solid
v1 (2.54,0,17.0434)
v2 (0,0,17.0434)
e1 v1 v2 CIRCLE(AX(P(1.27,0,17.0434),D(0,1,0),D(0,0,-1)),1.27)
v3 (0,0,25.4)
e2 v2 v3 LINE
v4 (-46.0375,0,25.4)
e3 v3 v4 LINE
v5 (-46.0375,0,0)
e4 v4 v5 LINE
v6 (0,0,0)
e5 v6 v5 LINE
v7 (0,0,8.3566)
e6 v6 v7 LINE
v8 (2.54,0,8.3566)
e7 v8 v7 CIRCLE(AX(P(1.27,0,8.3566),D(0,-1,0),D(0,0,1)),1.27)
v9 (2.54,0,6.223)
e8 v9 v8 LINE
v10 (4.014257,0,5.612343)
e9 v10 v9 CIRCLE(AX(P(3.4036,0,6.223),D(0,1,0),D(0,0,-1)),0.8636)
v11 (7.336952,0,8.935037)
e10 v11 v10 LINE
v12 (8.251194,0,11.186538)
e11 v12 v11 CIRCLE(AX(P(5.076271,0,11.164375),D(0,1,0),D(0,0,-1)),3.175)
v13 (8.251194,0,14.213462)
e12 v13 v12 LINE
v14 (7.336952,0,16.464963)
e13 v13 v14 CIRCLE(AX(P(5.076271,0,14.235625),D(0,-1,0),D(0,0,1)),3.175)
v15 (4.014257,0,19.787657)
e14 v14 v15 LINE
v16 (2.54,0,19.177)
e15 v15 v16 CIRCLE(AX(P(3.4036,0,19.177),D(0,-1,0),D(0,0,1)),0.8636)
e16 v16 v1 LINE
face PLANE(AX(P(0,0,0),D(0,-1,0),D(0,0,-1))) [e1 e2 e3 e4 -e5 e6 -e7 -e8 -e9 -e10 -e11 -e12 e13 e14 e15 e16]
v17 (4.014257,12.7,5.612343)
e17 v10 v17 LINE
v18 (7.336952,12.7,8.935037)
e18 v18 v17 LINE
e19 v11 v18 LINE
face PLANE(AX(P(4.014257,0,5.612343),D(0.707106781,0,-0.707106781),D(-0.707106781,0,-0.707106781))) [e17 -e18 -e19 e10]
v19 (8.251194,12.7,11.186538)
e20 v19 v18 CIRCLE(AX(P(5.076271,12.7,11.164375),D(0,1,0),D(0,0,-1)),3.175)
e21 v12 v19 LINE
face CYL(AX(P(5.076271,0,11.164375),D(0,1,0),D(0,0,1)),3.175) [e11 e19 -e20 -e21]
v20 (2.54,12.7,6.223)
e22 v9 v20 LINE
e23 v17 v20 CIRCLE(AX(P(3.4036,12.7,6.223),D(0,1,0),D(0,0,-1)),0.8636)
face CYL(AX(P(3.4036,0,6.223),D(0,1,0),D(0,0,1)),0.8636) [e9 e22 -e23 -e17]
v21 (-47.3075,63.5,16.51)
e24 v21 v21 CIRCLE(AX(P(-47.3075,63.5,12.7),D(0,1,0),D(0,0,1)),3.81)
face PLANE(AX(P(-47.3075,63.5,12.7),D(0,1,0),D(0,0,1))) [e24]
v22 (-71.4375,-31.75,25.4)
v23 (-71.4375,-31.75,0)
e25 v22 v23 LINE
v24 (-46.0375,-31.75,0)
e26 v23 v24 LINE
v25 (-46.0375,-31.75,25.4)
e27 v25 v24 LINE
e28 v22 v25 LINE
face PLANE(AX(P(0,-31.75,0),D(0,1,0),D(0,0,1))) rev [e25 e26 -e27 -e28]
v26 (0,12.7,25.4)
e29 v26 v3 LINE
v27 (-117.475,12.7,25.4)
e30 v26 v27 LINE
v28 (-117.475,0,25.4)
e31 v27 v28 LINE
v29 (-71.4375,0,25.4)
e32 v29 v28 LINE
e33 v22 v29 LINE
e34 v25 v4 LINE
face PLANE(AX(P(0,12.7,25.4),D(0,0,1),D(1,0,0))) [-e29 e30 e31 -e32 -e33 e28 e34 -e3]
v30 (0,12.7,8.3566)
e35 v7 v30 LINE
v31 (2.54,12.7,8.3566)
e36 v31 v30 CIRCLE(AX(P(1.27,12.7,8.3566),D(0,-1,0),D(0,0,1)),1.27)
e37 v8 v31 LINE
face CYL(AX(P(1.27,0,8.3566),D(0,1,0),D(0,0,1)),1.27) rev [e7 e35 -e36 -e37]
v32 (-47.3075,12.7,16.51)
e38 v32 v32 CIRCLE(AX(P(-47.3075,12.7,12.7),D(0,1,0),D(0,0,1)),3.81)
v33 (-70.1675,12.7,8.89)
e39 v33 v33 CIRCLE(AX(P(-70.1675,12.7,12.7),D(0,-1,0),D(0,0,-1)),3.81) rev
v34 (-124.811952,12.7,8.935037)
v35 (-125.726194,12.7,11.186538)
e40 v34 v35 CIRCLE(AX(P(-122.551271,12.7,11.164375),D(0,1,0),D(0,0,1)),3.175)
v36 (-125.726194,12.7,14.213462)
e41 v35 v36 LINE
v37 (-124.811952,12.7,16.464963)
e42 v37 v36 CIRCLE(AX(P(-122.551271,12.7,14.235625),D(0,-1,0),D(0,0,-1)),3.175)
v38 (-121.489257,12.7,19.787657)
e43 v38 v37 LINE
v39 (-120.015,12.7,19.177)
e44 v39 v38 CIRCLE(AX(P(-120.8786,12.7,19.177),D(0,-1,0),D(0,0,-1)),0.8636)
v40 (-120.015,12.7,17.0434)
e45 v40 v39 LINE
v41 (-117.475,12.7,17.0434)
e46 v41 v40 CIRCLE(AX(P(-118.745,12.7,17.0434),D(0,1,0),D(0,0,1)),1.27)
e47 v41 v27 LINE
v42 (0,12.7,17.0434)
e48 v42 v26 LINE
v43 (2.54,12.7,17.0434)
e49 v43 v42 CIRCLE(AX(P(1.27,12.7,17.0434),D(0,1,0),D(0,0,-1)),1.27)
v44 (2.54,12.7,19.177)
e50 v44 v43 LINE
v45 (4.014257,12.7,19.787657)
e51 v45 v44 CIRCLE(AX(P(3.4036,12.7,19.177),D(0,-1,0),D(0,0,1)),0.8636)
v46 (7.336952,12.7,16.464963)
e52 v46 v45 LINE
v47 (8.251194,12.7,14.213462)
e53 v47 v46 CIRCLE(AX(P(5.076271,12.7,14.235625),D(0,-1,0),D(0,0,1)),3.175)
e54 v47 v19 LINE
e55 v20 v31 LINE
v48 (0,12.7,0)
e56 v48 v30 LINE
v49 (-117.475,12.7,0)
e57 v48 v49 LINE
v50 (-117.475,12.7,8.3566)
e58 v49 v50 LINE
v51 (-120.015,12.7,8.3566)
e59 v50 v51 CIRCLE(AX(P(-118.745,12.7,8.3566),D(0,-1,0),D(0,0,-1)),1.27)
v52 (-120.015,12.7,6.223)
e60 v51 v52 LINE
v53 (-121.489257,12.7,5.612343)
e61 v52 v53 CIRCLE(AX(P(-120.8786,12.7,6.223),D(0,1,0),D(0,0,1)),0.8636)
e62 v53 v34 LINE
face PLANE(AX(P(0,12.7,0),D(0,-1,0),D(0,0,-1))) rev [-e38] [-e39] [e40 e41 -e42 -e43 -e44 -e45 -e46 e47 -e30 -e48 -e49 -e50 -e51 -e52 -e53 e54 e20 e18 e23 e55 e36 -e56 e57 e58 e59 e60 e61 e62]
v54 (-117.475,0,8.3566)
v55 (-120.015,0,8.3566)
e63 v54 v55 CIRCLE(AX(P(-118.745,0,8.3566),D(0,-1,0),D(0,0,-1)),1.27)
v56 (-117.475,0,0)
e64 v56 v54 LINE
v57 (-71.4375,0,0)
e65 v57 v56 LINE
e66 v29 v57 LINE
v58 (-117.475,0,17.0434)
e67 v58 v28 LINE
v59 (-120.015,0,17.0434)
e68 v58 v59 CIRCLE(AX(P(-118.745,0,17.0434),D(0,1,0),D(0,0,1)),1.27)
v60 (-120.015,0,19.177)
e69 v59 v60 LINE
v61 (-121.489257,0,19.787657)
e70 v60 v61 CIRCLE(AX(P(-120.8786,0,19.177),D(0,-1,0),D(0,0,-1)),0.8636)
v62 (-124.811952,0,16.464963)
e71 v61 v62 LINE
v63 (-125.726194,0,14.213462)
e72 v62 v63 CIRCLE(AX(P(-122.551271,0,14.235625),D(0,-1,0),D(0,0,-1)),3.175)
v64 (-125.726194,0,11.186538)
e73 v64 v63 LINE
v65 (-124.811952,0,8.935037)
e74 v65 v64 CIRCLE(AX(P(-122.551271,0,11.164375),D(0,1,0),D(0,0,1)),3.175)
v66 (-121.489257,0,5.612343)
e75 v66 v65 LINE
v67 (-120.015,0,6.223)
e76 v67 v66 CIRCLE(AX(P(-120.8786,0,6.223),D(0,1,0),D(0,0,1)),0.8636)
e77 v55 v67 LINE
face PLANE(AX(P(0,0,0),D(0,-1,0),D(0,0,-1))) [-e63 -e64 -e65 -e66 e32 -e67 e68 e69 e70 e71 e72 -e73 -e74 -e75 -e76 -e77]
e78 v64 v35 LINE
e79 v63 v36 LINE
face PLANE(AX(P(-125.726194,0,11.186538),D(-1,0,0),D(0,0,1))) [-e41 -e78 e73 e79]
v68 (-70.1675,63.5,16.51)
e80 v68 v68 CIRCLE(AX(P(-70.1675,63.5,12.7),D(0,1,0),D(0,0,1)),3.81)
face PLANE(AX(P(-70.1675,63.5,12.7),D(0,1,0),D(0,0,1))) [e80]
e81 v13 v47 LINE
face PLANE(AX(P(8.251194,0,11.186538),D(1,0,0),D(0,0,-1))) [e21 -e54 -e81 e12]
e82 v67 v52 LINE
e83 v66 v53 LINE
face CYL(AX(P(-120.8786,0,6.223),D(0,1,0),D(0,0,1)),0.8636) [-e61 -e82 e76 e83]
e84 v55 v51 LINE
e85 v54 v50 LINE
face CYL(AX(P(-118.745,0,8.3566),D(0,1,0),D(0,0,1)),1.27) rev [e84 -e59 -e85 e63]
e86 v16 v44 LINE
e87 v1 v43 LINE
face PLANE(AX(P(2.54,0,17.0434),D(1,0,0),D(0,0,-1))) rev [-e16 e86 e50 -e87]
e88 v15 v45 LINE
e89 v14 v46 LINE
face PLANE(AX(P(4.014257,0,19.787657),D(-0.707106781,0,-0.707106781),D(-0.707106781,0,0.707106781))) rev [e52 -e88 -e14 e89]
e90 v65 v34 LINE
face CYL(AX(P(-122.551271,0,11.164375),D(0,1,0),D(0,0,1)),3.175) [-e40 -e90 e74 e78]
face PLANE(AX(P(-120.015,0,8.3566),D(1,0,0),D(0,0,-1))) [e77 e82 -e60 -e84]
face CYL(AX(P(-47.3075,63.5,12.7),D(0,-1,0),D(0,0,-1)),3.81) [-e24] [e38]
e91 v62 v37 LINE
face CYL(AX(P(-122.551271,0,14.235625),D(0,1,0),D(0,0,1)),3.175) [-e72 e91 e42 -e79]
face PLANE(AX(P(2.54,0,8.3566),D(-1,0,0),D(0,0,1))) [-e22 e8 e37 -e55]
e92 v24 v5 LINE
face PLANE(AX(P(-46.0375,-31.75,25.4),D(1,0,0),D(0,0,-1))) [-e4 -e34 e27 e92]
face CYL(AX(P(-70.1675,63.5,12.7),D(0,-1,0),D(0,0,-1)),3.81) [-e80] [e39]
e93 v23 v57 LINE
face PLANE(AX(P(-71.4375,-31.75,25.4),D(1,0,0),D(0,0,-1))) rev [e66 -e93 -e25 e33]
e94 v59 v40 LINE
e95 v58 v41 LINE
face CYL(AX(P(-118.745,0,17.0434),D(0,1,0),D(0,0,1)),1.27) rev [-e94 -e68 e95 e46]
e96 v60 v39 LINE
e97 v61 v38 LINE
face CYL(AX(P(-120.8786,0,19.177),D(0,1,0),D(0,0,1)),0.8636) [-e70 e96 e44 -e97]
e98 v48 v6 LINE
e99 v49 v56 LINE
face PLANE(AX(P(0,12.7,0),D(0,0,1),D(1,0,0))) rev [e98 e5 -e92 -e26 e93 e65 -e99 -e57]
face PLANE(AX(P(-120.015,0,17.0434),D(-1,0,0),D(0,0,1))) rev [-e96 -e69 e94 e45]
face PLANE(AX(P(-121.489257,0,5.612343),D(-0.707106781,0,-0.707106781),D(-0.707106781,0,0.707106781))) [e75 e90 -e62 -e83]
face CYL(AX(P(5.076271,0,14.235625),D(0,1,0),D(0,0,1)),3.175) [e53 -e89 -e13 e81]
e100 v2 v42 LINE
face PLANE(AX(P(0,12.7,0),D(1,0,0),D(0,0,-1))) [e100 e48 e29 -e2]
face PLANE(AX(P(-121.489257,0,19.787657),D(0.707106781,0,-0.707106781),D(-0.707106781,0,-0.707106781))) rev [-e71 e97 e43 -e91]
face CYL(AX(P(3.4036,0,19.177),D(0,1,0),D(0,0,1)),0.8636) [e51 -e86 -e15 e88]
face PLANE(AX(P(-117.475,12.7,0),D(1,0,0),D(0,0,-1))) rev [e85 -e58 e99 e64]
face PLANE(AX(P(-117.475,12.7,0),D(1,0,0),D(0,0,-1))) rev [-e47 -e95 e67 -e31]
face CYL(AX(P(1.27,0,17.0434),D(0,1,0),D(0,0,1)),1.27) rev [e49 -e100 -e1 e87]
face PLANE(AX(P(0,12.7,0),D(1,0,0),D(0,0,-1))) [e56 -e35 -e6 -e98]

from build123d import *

# Parameters (mm, degrees)
SKETCH1_W           = 117.475
SKETCH1_H           = 25.4
BOSS_EXTRUDE1_DEPTH = 12.7
SKETCH3_R           = 3.81
BOSS_EXTRUDE2_DEPTH = 50.8
BOSS_EXTRUDE7_DEPTH = 12.7
SKETCH12_W          = 25.4
SKETCH12_H          = 25.4
BOSS_EXTRUDE8_DEPTH = 31.75


with BuildPart() as part:
    # Sketch1 → Boss-Extrude1 (new body)
    with BuildSketch(Plane(origin=(0, 0, 0), x_dir=(1, 0, 0), z_dir=(0, 1, 0))):
        with Locations((-58.7375, -12.7)):
            Rectangle(SKETCH1_W, SKETCH1_H)
    extrude(amount=BOSS_EXTRUDE1_DEPTH)

    # Sketch3 → Boss-Extrude2 (add)
    with BuildSketch(Plane(origin=(0, 12.7, 0), x_dir=(1, 0, 0), z_dir=(0, 1, 0))):
        with Locations(Location((-47.3075, -12.7, 0), (0, 0, 270))):
            Circle(SKETCH3_R)
        with Locations(Location((-70.1675, -12.7, 0), (0, 0, 90))):
            Circle(SKETCH3_R)
    extrude(amount=BOSS_EXTRUDE2_DEPTH)

    # Sketch10 → Boss-Extrude7 (add)
    with BuildSketch(Plane(origin=(0, 12.7, 0), x_dir=(1, 0, 0), z_dir=(0, 1, 0))):
        with BuildLine():
            Line((0, -12.7), (0, -8.3566))
            ThreePointArc((0, -8.3566), (1.27, -9.6266), (2.54, -8.3566))
            Line((2.54, -8.3566), (2.54, -6.223))
            ThreePointArc((2.54, -6.223), (3.073114588, -5.425137636), (4.014257416, -5.612342584))
            Line((4.014257416, -5.612342584), (7.336952181, -8.935037349))
            ThreePointArc((7.336952181, -8.935037349), (8.017998618, -9.969860776), (8.2511937, -11.186538149))
            Line((8.2511937, -11.186538149), (8.2511937, -12.7))
            Line((8.2511937, -12.7), (0, -12.7))
        make_face()
        with BuildLine():
            Line((-117.475, -12.7), (-117.475, -8.3566))
            ThreePointArc((-117.475, -8.3566), (-118.745, -9.6266), (-120.015, -8.3566))
            Line((-120.015, -8.3566), (-120.015, -6.223))
            ThreePointArc((-120.015, -6.223), (-120.548114588, -5.425137636), (-121.489257416, -5.612342584))
            Line((-121.489257416, -5.612342584), (-124.811952181, -8.935037349))
            ThreePointArc((-124.811952181, -8.935037349), (-125.492998618, -9.969860776), (-125.7261937, -11.186538149))
            Line((-125.7261937, -11.186538149), (-125.7261937, -12.7))
            Line((-125.7261937, -12.7), (-117.475, -12.7))
        make_face()
    boss_extrude7 = extrude(amount=-BOSS_EXTRUDE7_DEPTH)

    # Mirror1: Boss-Extrude7 across plane
    add(boss_extrude7.mirror(Plane(origin=(8.2511937, 0, 12.7), x_dir=(1, 0, 0), z_dir=(0, 0, 1))))

    # Sketch12 → Boss-Extrude8 (add)
    with BuildSketch(Plane(origin=(0, 0, 0), x_dir=(-1, 0, 0), z_dir=(0, -1, 0))):
        with Locations((58.7375, -12.7)):
            Rectangle(SKETCH12_W, SKETCH12_H)
    extrude(amount=BOSS_EXTRUDE8_DEPTH)


solid = part.part
